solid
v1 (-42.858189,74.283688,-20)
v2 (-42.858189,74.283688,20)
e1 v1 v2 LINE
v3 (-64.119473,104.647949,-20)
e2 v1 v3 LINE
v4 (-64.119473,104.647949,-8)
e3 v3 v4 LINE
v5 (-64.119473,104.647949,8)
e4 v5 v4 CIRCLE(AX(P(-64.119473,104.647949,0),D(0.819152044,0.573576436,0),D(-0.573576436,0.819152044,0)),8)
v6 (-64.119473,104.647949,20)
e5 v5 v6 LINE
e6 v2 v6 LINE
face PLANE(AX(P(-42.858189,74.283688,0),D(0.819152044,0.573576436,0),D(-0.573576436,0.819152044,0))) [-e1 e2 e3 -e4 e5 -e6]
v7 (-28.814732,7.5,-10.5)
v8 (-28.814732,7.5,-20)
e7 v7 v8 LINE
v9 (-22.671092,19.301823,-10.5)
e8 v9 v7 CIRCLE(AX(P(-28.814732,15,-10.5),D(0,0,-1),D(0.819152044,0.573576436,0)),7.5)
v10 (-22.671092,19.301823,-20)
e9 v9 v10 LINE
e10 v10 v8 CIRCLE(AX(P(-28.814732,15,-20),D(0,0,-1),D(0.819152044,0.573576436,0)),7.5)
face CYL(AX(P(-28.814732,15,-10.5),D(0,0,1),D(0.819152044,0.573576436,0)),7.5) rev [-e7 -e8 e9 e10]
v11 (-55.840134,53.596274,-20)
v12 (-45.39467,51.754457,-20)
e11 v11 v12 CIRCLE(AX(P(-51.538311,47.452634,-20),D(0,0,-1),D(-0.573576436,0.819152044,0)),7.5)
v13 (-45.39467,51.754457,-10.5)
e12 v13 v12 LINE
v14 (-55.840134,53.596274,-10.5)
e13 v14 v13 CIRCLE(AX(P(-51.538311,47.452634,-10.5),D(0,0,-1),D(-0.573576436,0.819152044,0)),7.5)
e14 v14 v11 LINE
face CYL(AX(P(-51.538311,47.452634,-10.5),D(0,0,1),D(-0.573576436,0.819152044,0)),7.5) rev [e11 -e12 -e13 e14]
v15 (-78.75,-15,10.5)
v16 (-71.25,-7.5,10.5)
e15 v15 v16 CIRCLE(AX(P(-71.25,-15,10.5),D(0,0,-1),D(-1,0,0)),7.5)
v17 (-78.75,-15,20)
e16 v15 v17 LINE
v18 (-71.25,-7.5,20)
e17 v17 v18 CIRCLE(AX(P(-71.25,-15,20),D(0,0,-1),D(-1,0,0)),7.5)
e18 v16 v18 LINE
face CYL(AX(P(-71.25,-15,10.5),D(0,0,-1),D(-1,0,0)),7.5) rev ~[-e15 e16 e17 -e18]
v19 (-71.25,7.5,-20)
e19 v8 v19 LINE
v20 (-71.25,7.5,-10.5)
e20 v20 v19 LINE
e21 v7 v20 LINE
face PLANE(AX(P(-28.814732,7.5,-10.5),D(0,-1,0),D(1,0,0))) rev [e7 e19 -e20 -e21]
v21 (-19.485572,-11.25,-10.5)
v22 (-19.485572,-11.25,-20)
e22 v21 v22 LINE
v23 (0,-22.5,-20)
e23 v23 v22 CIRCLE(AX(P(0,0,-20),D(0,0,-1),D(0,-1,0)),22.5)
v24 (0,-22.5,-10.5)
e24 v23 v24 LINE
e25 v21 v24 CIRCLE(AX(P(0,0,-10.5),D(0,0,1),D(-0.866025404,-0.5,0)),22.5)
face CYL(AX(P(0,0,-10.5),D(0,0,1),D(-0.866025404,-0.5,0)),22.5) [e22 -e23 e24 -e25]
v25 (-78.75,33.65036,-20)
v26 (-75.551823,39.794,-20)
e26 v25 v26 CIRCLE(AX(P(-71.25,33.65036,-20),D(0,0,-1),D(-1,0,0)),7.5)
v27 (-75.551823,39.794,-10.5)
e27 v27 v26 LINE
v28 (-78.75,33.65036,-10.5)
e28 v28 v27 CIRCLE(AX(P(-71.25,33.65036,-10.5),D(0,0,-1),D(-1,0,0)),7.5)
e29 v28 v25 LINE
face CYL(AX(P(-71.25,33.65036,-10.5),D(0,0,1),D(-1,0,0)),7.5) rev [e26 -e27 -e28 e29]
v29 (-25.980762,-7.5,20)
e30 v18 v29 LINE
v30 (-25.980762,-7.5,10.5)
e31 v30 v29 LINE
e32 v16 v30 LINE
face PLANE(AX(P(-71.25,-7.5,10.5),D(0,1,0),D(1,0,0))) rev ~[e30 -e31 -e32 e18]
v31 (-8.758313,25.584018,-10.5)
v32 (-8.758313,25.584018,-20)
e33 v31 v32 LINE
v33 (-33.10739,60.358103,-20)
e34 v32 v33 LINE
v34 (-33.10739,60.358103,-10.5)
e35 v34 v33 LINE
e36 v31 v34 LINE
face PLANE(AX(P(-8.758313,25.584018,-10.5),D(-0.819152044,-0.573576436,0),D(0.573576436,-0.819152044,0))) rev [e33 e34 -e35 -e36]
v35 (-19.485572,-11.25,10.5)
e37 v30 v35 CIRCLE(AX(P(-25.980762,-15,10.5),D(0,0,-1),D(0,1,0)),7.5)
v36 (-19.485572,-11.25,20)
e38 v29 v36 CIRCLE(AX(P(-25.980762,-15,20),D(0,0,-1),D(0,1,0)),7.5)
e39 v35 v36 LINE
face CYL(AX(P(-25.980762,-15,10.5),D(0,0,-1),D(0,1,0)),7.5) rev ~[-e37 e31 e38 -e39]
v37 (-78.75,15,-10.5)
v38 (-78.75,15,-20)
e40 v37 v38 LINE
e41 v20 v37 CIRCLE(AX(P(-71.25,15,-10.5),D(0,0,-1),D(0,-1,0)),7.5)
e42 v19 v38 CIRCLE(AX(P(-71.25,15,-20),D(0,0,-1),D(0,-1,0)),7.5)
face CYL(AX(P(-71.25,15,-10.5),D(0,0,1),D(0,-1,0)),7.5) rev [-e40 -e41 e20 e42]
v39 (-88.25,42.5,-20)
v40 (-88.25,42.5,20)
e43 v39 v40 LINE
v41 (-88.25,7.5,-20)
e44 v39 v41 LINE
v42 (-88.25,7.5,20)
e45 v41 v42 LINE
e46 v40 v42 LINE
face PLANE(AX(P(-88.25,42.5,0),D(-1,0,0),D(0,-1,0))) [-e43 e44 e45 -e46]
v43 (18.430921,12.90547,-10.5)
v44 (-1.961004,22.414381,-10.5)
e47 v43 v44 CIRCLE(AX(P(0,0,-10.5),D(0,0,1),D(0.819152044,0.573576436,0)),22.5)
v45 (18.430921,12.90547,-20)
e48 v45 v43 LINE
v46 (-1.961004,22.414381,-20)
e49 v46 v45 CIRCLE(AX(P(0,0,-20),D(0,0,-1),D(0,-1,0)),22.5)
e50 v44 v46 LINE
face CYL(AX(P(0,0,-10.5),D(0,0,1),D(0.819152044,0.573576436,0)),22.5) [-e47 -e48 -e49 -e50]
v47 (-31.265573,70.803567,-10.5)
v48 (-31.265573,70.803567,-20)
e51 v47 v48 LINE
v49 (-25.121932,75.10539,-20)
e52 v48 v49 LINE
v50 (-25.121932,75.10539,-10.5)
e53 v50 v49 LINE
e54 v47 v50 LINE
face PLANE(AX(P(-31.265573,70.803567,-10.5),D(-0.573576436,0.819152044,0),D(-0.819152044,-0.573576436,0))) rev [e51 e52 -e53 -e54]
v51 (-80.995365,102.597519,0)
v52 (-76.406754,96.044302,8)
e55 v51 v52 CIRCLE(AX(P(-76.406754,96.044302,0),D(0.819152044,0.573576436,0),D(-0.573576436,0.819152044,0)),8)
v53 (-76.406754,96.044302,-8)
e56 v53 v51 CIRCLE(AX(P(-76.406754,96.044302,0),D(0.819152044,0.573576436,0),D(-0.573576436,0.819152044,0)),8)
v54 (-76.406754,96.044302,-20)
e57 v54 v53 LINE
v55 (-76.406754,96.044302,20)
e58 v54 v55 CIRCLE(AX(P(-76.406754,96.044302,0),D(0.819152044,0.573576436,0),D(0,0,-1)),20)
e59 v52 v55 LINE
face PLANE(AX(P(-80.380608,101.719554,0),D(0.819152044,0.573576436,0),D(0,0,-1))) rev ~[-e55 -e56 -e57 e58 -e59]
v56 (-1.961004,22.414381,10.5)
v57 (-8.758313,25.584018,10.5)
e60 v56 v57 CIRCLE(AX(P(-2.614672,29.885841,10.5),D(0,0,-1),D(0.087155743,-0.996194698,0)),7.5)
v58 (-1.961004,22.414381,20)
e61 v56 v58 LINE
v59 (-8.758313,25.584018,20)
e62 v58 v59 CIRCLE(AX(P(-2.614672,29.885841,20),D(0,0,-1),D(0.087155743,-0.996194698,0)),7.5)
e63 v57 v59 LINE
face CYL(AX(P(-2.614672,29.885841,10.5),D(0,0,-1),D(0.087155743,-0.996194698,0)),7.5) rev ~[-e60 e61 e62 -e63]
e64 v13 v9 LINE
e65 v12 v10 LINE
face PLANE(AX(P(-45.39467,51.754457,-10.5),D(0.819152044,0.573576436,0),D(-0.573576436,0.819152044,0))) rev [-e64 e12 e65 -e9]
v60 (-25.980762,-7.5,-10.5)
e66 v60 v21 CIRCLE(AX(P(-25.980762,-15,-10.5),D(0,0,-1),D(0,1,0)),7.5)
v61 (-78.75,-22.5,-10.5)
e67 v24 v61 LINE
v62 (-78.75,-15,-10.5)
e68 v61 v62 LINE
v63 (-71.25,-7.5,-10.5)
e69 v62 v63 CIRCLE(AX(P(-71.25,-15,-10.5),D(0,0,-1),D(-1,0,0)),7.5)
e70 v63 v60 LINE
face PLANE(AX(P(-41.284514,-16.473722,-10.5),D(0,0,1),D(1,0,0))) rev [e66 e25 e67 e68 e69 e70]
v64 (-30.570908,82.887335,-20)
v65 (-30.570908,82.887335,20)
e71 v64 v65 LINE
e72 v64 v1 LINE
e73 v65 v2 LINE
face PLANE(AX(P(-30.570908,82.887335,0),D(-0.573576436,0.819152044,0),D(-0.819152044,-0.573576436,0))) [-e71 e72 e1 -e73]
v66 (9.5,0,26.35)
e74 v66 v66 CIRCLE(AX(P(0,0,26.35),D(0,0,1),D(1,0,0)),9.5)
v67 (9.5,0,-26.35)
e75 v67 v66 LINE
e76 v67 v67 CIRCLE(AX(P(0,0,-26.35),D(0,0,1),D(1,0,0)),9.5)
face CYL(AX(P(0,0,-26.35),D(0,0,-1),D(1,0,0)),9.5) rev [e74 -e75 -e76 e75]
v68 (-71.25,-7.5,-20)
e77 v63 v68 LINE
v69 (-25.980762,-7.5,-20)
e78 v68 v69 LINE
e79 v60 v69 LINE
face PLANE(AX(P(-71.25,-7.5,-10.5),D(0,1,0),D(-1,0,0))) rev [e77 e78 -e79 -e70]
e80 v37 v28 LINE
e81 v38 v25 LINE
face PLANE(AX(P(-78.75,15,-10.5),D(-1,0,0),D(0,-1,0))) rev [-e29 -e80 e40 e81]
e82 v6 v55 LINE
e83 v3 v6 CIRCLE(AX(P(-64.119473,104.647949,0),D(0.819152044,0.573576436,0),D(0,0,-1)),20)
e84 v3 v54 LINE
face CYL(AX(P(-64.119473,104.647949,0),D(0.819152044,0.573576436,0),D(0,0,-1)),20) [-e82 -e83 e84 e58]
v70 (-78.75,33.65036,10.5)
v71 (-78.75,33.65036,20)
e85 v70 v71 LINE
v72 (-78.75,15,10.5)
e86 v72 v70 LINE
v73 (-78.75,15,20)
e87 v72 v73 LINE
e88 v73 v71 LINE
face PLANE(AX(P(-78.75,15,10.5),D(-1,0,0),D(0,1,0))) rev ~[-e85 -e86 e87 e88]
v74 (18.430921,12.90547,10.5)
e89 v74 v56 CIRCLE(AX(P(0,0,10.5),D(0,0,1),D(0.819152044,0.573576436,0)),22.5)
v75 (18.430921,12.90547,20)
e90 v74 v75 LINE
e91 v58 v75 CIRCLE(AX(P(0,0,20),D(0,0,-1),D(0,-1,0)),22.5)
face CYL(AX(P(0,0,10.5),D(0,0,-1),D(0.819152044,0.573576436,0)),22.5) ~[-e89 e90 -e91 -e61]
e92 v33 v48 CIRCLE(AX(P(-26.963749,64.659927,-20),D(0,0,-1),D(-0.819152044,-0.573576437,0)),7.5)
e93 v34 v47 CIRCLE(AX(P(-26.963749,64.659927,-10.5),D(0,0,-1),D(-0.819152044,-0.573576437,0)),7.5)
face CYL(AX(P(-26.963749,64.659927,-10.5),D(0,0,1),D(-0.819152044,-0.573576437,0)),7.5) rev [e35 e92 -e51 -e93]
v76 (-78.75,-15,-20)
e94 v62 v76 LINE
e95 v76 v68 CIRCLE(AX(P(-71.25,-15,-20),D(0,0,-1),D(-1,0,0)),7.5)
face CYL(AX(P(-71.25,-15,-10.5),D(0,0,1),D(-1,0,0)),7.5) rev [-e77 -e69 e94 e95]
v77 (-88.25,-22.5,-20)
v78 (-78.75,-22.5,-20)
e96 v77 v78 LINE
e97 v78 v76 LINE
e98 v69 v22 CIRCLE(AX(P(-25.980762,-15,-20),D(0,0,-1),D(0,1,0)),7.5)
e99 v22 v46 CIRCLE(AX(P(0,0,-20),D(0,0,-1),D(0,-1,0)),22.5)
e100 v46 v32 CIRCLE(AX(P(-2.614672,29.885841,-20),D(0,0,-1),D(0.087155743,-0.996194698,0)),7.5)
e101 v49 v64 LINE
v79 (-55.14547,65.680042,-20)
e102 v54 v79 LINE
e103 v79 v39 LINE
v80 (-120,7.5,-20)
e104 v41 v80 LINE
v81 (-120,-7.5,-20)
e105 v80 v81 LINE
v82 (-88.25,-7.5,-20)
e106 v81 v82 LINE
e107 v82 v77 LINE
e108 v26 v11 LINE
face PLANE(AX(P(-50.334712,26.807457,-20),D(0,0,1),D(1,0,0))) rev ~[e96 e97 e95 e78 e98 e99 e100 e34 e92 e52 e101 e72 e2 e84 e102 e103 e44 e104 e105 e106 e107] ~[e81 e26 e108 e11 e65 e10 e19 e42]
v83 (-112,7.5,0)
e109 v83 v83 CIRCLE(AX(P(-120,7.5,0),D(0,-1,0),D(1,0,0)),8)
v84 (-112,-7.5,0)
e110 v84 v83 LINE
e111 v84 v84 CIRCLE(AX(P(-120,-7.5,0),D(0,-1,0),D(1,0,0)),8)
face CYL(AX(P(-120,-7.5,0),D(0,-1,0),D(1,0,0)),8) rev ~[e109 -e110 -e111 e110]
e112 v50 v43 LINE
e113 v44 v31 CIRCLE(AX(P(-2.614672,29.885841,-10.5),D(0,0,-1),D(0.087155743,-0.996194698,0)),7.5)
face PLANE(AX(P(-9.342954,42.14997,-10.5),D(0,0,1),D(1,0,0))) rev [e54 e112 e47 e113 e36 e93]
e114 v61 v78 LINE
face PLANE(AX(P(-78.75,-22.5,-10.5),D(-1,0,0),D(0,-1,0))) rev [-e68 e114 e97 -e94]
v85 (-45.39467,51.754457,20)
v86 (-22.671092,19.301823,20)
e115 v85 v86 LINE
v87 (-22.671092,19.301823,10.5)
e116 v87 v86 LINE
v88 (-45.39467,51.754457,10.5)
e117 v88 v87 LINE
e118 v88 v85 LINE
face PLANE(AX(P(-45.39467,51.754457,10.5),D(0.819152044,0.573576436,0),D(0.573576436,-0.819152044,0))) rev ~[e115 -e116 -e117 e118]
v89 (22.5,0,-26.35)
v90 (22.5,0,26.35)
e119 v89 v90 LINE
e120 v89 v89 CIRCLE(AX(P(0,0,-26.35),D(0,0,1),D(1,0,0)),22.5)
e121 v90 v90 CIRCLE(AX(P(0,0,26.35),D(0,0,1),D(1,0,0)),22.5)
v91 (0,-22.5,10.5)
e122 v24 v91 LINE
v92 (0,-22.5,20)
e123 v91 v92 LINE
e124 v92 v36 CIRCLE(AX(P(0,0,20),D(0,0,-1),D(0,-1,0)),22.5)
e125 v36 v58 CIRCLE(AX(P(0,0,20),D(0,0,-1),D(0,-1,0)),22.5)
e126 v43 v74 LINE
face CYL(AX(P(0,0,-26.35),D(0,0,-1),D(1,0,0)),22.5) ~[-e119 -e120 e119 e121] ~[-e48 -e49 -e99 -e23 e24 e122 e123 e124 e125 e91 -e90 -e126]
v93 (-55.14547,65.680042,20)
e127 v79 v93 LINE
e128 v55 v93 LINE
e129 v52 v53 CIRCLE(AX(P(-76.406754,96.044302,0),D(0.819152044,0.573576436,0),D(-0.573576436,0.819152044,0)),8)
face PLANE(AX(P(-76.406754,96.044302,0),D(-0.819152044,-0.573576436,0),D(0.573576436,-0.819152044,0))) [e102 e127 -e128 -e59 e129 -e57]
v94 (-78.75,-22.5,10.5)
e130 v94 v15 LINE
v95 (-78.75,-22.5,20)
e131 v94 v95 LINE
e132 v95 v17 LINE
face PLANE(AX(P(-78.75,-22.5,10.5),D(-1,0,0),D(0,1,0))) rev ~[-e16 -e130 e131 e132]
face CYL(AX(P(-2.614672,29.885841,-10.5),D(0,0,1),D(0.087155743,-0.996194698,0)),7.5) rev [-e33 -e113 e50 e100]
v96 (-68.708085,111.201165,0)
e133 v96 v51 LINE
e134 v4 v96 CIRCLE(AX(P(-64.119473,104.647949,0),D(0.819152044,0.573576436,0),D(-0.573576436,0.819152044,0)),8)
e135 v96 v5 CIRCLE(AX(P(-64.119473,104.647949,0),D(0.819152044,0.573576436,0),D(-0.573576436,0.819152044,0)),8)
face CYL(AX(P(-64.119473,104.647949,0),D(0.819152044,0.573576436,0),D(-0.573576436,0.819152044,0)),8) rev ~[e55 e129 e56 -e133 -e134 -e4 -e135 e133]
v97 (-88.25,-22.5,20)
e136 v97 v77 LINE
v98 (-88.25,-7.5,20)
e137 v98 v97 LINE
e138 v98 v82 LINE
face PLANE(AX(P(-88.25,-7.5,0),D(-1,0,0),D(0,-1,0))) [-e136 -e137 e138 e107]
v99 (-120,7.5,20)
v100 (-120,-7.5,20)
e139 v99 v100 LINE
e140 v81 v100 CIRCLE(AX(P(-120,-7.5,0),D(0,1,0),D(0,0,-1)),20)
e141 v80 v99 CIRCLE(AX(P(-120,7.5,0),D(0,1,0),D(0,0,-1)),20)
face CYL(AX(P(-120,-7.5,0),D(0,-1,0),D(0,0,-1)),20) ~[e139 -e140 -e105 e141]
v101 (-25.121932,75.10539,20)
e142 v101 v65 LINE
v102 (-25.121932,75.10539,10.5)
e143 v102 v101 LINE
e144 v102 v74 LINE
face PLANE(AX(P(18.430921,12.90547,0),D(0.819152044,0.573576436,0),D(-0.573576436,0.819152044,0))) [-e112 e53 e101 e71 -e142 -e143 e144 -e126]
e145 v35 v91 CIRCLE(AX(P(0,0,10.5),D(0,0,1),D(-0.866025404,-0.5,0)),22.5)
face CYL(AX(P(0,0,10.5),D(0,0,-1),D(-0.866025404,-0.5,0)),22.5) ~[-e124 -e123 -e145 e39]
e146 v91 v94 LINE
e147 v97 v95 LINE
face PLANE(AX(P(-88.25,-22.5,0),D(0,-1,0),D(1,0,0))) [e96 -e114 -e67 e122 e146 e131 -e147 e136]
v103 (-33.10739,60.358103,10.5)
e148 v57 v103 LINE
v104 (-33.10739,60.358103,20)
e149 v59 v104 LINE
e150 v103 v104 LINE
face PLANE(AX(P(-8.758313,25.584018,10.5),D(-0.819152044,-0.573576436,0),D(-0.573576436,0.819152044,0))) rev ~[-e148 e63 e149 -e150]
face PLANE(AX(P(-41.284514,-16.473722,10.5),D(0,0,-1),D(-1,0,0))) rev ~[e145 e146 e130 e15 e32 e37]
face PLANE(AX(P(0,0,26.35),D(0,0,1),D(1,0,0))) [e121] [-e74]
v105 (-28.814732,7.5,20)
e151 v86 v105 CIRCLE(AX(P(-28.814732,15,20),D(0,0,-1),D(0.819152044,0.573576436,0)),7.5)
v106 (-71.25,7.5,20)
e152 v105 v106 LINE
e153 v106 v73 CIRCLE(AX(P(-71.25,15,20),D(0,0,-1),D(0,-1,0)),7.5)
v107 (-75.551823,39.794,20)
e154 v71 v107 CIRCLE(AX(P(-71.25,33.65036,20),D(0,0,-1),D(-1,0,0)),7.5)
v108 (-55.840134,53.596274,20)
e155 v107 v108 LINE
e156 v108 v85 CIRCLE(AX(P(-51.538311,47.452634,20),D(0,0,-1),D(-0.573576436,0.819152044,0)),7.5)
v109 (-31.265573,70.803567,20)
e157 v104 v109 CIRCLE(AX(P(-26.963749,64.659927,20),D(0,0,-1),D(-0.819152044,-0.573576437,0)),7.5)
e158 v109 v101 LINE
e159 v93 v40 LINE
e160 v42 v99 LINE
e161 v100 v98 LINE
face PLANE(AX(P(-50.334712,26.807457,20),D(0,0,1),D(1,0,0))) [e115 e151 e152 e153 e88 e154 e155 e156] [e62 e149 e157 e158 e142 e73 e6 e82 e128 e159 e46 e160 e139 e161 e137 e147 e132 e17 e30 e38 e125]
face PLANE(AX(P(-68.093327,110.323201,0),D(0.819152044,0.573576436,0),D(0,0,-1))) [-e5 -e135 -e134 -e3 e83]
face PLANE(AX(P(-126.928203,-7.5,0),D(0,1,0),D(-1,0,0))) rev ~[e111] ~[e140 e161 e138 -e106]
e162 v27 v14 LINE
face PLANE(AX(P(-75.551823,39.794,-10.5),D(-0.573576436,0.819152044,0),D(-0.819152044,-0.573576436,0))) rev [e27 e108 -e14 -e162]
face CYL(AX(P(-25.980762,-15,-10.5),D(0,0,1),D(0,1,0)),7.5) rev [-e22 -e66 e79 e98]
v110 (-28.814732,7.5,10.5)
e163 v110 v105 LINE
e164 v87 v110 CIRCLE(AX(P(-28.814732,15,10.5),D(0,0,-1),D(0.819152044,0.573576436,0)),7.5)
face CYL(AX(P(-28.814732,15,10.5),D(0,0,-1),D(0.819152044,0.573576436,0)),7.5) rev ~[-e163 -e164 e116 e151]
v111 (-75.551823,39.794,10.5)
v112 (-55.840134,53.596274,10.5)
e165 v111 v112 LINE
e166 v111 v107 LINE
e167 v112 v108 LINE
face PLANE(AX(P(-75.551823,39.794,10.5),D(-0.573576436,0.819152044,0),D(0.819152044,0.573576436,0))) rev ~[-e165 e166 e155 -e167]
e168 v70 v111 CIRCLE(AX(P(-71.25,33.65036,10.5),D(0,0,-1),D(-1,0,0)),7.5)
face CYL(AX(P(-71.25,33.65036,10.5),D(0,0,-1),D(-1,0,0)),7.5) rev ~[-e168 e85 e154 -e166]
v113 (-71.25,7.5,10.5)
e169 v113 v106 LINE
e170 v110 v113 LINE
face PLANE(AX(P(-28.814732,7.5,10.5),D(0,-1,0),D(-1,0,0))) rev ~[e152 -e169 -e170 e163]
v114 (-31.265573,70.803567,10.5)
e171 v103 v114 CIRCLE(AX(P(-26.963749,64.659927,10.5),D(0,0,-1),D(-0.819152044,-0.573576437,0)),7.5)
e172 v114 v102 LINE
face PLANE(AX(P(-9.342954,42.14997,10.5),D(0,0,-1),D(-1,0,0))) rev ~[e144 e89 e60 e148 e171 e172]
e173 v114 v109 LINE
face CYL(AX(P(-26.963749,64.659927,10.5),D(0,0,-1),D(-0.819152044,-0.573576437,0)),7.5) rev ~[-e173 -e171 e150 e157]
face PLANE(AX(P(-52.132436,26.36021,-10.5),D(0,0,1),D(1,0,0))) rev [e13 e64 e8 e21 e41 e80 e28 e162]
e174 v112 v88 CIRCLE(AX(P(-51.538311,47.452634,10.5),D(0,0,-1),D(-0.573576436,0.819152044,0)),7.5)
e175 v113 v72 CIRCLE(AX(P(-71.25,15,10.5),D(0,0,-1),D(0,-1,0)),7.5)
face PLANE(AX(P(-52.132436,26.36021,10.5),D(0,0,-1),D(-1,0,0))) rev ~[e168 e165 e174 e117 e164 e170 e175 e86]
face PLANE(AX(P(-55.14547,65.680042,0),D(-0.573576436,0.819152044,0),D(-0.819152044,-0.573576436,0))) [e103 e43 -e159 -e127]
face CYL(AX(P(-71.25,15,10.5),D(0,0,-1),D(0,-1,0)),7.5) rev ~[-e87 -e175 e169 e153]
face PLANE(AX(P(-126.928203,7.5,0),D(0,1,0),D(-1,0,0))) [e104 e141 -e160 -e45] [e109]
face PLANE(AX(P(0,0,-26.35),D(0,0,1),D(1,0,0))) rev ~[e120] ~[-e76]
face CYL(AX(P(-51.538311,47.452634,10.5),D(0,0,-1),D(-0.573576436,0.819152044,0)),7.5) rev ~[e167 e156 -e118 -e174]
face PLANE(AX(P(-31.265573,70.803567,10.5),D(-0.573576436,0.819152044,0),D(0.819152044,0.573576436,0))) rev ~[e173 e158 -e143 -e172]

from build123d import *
from build123d.topology import SkipClean

# Parameters (mm, degrees)
BOSS_EXTRU_1_DEPTH      = 20
BOSS_EXTRU_2_DEPTH      = 26.35
BOSS_EXTRU_2_DEPTH_BACK = 26.35
ESQUISSE2_5_R           = 22.5
ESQUISSE2_5_R_2         = 9.5
BOSS_EXTRU_3_DEPTH      = 15
BOSS_EXTRU_4_DEPTH      = 15
ESQUISSE5_R             = 8
ENL_V_MAT_EXTRU_1_DEPTH = 189.886167776
ESQUISSE6_R             = 8
ENL_V_MAT_EXTRU_2_DEPTH = 192.871148908
ENL_V_START             = -9.5
ENL_V_MAT_EXTRU_3_DEPTH = 9.5


with BuildPart() as part:
    # Esquisse2 → Boss.-Extru.1 (new, symmetric)
    with BuildSketch(Plane.XY):
        with BuildLine():
            Line((-88.25, -22.5), (0, -22.5))
            ThreePointArc((0, -22.5), (-19.957743747, 10.389343798), (18.430920997, 12.905469818))
            Line((18.430920997, 12.905469818), (-30.570908371, 82.887334756))
            Line((-30.570908371, 82.887334756), (-42.858189035, 74.28368821))
            Line((-42.858189035, 74.28368821), (-64.119473121, 104.647948698))
            Line((-64.119473121, 104.647948698), (-76.406753785, 96.044302153))
            Line((-76.406753785, 96.044302153), (-55.1454697, 65.680041665))
            Line((-55.1454697, 65.680041665), (-88.25, 42.5))
            Line((-88.25, 42.5), (-88.25, 7.5))
            Line((-88.25, 7.5), (-120, 7.5))
            Line((-120, 7.5), (-120, -7.5))
            Line((-120, -7.5), (-88.25, -7.5))
            Line((-88.25, -7.5), (-88.25, -22.5))
        make_face()
    extrude(amount=BOSS_EXTRU_1_DEPTH, both=True)

    # Esquisse2<5> → Boss.-Extru.2 (add, two sides: drawn at the far end of the back side and taken through both)
    with BuildSketch(Plane.XY.offset(-BOSS_EXTRU_2_DEPTH_BACK)):
        Circle(ESQUISSE2_5_R)
        Circle(ESQUISSE2_5_R_2, mode=Mode.SUBTRACT)
    extrude(amount=BOSS_EXTRU_2_DEPTH + BOSS_EXTRU_2_DEPTH_BACK)

    # Esquisse3 → Boss.-Extru.3 (add)
    with BuildSketch(Plane.XZ.offset(7.5)):
        with BuildLine():
            Line((-120, 20), (-120, -20))
            ThreePointArc((-120, -20), (-140, 0), (-120, 20))
        make_face()
    extrude(amount=-BOSS_EXTRU_3_DEPTH)

    # Esquisse4 → Boss.-Extru.4 (add)
    with BuildSketch(Plane(origin=(6.143640332, 4.301823273, 0), x_dir=(0, 0, -1), z_dir=(0.819152044288993, 0.5735764363510446, 0))):
        with BuildLine():
            Line((-20, 122.5), (20, 122.5))
            ThreePointArc((20, 122.5), (0, 142.5), (-20, 122.5))
        make_face()
    extrude(amount=-BOSS_EXTRU_4_DEPTH)

    # Esquisse5 → Enlèv. mat.-Extru.1 (cut, through all)
    with BuildSketch(Plane(origin=(6.143640332, 4.301823273, 0), x_dir=(0, 0, -1), z_dir=(0.819152044288993, 0.5735764363510446, 0))):
        with Locations(Location((0, 122.5, 0), (0, 0, 90))):
            Circle(ESQUISSE5_R)
    extrude(amount=-ENL_V_MAT_EXTRU_1_DEPTH, mode=Mode.SUBTRACT)

    # Esquisse6 → Enlèv. mat.-Extru.2 (cut, through all)
    with BuildSketch(Plane.XZ.offset(7.5)):
        with Locations((-120, 0)):
            Circle(ESQUISSE6_R)
    extrude(amount=-ENL_V_MAT_EXTRU_2_DEPTH, mode=Mode.SUBTRACT)

    # Esquisse7 → Enlèv. mat.-Extru.3 (cut)
    with SkipClean():  # the faces are left unmerged after this step: merging them gives an invalid solid
        with BuildSketch(Plane.XY.offset(20).offset(ENL_V_START)):
            with BuildLine():
                Line((-31.265572558, 70.803567062), (-25.121932226, 75.105390335))
                Line((-25.121932226, 75.105390335), (18.430920997, 12.905469818))
                ThreePointArc((18.430920997, 12.905469818), (9.508910889, 20.391925208), (-1.961004212, 22.414380707))
                ThreePointArc((-1.961004212, 22.414380707), (-5.784309245, 23.08853254), (-8.758312615, 25.58401767))
                Line((-8.758312615, 25.58401767), (-33.107389617, 60.358103458))
                ThreePointArc((-33.107389617, 60.358103458), (-34.349807433, 65.962288063), (-31.265572558, 70.803567062))
            make_face()
            with BuildLine():
                Line((-75.551823273, 39.794000473), (-55.840133886, 53.596273972))
                ThreePointArc((-55.840133886, 53.596273972), (-50.235949281, 54.838691787), (-45.394670282, 51.754456912))
                Line((-45.394670282, 51.754456912), (-22.671091572, 19.301823273))
                ThreePointArc((-22.671091572, 19.301823273), (-22.162150656, 11.536885401), (-28.814731905, 7.5))
                Line((-28.814731905, 7.5), (-71.25, 7.5))
                ThreePointArc((-71.25, 7.5), (-76.553300859, 9.696699141), (-78.75, 15))
                Line((-78.75, 15), (-78.75, 33.650360141))
                ThreePointArc((-78.75, 33.650360141), (-77.902581249, 37.11347474), (-75.551823273, 39.794000473))
            make_face()
            with BuildLine():
                Line((-71.25, -7.5), (-25.980762114, -7.5))
                ThreePointArc((-25.980762114, -7.5), (-22.230762114, -8.504809472), (-19.485571585, -11.25))
                ThreePointArc((-19.485571585, -11.25), (-11.25, -19.485571585), (0, -22.5))
                Line((0, -22.5), (-78.75, -22.5))
                Line((-78.75, -22.5), (-78.75, -15))
                ThreePointArc((-78.75, -15), (-76.553300859, -9.696699141), (-71.25, -7.5))
            make_face()
        enl_v_mat_extru_3 = extrude(amount=ENL_V_MAT_EXTRU_3_DEPTH, mode=Mode.SUBTRACT)

    # Symétrie1: Enlèv. mat.-Extru.3 across plane
    add(enl_v_mat_extru_3.mirror(Plane.XY), mode=Mode.SUBTRACT)


solid = part.part
